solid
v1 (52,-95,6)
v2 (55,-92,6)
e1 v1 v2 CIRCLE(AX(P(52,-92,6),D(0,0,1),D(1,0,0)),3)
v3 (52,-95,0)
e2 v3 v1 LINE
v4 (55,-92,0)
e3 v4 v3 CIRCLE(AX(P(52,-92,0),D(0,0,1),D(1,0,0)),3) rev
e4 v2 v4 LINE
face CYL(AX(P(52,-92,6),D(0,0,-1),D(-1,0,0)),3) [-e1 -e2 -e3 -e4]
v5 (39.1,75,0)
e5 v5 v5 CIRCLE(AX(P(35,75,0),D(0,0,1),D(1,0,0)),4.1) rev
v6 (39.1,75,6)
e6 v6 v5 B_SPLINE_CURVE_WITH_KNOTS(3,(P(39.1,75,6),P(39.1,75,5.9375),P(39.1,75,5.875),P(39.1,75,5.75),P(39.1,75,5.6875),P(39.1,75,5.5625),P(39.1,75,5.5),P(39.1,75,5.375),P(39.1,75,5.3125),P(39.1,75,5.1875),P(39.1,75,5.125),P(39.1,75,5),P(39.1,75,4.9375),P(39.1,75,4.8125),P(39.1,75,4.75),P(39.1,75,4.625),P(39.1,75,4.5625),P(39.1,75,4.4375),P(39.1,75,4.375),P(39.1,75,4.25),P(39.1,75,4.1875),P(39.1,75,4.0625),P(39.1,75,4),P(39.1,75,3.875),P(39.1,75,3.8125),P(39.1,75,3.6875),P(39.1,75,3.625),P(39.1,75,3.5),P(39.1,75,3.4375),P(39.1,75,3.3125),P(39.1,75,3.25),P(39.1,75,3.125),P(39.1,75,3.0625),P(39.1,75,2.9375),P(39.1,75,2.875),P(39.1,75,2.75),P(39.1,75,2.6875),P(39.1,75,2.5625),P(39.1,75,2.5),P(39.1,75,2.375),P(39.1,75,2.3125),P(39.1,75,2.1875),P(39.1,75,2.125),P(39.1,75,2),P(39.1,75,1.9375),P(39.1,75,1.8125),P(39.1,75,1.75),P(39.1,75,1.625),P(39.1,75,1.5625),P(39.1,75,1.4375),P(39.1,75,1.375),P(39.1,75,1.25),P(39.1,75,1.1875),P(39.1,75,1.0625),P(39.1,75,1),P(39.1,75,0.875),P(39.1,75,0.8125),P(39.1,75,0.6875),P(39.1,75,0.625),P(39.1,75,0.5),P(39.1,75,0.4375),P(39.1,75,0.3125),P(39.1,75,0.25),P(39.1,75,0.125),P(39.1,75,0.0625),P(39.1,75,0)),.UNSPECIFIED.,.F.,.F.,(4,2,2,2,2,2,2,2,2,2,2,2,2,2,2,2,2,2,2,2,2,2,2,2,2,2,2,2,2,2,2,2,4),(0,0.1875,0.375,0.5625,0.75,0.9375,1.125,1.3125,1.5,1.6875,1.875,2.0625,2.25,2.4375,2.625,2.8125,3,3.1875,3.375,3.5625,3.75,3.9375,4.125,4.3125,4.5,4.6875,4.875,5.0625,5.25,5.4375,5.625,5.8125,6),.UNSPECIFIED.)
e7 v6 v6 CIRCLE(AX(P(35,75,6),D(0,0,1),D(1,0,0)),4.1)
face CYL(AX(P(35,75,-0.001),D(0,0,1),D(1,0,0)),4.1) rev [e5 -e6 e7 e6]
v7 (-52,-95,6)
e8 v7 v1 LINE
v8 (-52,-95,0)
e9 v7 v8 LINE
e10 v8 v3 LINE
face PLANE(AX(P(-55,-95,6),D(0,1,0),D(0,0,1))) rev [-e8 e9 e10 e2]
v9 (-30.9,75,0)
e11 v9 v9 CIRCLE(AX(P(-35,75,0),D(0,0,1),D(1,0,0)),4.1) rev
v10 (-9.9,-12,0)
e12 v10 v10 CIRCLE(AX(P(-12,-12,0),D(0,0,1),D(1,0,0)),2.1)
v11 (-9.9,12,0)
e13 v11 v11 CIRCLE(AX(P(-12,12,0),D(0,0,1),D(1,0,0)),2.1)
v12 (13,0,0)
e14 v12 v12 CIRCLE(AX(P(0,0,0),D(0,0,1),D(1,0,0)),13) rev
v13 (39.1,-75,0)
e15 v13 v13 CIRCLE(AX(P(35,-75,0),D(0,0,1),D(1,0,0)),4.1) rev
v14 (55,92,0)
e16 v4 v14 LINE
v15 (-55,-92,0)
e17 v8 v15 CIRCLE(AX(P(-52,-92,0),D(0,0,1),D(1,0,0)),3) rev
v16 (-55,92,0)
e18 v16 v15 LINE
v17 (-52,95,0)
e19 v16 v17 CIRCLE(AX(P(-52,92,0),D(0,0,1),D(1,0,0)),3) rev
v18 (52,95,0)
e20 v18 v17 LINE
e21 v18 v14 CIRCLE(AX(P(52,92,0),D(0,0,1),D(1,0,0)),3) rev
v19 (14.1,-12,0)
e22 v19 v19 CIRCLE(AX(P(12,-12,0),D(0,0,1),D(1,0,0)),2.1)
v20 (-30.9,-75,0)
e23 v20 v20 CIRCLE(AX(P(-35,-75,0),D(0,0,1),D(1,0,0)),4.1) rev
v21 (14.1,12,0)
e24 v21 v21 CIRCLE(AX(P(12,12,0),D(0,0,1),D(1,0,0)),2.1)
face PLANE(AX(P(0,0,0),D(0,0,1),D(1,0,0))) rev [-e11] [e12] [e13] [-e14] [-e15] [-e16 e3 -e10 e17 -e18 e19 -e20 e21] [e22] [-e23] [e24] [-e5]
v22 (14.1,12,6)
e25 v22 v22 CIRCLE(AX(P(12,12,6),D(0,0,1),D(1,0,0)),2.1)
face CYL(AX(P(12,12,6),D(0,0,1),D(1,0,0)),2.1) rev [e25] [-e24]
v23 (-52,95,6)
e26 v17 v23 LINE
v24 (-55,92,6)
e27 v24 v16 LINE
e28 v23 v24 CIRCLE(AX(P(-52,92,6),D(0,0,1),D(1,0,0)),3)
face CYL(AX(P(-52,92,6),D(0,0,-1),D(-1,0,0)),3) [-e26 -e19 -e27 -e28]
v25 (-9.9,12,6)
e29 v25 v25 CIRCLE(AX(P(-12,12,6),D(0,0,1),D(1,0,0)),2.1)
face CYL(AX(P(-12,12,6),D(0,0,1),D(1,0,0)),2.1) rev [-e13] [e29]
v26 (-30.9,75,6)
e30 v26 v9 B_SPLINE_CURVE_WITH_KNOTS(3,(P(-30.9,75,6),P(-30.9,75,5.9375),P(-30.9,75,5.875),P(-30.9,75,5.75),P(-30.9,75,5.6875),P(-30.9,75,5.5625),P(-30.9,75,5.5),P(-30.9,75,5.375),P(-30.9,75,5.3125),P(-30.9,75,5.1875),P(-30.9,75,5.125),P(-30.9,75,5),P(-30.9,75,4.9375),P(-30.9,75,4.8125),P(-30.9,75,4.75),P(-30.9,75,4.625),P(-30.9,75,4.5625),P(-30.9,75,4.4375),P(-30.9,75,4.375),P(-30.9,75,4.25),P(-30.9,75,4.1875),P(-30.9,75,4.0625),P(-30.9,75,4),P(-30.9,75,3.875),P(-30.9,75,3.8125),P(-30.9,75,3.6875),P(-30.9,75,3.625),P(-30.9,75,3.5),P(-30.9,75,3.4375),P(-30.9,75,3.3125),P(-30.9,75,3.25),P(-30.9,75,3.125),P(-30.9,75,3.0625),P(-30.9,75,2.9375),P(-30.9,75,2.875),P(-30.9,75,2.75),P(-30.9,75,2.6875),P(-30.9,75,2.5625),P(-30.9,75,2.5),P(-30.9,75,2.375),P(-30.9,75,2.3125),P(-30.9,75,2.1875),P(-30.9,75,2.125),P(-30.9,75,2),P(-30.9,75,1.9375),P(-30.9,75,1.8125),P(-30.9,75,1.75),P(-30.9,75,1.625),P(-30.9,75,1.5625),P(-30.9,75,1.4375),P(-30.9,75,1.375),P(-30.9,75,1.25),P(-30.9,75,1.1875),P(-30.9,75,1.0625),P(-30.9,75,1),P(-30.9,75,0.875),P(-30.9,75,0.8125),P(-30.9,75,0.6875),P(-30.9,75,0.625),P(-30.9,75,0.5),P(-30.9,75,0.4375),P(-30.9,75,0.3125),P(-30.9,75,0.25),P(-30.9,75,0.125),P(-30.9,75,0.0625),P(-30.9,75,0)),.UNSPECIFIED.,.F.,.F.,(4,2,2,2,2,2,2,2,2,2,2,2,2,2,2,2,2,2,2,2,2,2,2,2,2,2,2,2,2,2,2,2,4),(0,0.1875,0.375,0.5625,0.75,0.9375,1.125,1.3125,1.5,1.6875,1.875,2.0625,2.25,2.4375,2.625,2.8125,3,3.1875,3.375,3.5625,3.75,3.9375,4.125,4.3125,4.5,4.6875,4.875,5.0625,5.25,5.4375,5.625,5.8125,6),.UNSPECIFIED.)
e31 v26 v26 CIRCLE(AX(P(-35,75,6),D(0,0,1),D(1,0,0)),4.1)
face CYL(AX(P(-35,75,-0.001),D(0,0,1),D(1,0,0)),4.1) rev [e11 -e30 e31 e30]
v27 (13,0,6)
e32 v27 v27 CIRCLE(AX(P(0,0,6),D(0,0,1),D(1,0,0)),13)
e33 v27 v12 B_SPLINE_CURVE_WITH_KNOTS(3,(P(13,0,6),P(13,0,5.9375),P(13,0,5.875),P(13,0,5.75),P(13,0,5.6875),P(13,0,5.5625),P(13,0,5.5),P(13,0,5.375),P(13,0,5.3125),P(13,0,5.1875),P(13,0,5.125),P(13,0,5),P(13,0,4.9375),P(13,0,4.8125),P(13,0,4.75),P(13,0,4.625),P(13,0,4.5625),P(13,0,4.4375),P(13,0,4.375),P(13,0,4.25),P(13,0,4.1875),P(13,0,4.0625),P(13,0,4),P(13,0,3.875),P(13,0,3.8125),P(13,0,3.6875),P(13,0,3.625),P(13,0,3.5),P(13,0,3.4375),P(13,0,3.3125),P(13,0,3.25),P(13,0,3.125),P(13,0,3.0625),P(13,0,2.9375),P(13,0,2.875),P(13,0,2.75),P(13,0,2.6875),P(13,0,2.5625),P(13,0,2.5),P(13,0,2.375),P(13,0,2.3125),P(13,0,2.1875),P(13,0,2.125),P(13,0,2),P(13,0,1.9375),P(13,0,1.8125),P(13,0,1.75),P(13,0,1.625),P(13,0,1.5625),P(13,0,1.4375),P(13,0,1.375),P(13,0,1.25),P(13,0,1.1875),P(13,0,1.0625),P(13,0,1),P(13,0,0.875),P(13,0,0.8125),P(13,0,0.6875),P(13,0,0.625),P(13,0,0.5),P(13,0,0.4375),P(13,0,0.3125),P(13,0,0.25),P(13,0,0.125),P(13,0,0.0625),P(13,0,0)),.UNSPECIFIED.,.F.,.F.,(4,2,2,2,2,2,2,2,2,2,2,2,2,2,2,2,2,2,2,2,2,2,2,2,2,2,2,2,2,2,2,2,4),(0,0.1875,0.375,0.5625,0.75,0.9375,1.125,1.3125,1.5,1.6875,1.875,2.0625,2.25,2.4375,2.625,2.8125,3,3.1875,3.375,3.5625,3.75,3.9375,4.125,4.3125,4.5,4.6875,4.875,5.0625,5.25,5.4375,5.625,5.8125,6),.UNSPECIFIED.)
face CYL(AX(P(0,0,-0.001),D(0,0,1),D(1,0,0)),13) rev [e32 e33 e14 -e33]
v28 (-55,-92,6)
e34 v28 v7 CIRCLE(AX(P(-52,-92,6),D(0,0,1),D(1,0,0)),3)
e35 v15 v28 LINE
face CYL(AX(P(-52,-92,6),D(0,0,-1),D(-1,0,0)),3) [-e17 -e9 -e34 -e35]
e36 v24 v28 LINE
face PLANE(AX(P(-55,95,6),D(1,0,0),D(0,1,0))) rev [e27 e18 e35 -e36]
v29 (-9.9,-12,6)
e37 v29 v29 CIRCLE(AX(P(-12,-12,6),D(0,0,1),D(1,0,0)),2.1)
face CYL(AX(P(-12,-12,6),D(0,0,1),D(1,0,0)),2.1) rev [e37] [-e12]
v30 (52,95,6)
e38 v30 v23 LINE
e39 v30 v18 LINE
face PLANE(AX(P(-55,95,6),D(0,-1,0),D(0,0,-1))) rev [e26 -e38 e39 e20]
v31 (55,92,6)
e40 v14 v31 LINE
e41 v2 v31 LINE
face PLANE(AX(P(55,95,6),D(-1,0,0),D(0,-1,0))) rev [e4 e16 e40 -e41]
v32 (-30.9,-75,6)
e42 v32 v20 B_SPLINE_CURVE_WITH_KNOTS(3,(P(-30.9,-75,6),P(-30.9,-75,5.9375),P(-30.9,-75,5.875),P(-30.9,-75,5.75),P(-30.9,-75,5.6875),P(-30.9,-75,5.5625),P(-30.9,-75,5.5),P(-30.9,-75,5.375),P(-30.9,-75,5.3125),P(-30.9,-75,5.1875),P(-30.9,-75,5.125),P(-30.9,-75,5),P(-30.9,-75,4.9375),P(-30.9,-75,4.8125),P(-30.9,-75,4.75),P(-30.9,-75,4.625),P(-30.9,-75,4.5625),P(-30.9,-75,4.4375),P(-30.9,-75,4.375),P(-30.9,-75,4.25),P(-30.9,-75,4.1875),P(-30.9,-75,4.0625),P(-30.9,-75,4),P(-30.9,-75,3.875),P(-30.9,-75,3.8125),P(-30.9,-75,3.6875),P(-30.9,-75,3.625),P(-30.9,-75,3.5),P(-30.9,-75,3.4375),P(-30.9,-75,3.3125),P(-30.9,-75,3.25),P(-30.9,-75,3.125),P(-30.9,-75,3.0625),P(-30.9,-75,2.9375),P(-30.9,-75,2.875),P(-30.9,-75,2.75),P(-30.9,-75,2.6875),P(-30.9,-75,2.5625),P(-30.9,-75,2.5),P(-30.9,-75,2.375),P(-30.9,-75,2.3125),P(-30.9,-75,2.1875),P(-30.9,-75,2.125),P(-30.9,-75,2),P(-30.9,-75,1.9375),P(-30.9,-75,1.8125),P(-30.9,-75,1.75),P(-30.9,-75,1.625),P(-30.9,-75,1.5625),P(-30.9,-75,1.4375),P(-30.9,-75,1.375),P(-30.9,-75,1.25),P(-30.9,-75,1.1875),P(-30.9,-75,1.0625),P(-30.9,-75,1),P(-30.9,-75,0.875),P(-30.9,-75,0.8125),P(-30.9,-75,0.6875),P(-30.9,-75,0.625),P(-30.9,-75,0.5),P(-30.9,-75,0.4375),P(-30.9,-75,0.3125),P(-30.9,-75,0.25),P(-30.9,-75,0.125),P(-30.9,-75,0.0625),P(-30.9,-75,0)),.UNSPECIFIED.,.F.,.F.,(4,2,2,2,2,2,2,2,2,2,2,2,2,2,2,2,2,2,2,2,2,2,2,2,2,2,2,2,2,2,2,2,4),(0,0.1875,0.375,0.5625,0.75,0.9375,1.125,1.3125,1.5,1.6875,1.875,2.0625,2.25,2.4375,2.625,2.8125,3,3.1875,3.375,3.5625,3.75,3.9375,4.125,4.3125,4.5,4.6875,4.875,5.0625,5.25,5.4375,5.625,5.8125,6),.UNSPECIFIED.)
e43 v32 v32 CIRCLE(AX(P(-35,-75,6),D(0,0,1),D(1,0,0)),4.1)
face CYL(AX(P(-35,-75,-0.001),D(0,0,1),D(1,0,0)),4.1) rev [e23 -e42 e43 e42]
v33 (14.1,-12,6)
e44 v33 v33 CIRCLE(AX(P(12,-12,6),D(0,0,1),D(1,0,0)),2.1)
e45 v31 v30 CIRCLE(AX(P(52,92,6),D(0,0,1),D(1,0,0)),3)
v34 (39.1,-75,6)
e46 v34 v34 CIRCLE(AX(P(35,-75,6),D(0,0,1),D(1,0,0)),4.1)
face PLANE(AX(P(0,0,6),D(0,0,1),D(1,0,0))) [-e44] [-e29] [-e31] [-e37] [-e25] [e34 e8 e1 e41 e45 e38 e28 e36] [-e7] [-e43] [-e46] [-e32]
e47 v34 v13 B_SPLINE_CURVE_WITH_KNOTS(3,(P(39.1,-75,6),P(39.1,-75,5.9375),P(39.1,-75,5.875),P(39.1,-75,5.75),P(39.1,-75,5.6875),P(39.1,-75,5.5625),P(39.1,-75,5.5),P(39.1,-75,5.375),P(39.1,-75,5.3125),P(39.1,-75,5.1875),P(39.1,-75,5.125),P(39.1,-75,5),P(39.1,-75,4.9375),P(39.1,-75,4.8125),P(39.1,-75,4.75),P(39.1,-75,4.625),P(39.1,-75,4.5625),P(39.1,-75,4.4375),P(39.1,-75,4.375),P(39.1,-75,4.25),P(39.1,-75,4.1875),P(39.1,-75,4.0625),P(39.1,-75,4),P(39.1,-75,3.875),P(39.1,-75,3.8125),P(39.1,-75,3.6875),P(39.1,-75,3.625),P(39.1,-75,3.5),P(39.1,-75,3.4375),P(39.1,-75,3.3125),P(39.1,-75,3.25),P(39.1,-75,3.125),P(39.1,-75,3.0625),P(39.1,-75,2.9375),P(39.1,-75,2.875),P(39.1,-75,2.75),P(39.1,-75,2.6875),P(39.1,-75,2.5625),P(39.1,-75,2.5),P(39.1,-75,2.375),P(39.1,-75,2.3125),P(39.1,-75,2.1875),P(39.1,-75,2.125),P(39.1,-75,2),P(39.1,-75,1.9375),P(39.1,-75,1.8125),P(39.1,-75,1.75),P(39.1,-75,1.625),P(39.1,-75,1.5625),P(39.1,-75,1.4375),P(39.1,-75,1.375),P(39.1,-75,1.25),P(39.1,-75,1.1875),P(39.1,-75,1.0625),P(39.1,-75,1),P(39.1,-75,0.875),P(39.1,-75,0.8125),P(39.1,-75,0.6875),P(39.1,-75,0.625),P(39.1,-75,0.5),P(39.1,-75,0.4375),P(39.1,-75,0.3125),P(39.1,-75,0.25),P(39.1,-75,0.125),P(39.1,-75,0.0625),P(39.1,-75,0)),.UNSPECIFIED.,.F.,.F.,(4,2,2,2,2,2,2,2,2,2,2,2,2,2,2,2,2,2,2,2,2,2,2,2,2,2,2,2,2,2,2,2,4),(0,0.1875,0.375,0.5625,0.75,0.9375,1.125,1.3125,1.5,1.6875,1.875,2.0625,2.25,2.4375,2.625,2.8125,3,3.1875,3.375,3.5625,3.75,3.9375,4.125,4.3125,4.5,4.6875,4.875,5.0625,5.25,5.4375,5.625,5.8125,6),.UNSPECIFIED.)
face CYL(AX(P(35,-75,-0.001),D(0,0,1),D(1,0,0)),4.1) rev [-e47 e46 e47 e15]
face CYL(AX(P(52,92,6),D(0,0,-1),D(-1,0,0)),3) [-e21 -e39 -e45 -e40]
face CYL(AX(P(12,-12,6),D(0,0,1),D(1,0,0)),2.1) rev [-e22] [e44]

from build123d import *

# Parameters (mm, degrees)
SKETCH1_W                = 110
SKETCH1_H                = 190
BOSS_EXTRUDE1_DEPTH      = 6
CUT_EXTRUDE1_REACH       = 111.936
SKETCH2_R                = 13
CUT_EXTRUDE2_REACH       = 111.936
SKETCH3_R                = 4.1
FILLET1_R                = 3
M4_CLEARANCE_HOLE1_D     = 4.2
M4_CLEARANCE_HOLE1_DEPTH = 19.75
M4_CLEARANCE_HOLE1_TIP   = 1.2618073


with BuildPart() as part:
    # Sketch1 → Boss-Extrude1 (new body)
    with BuildSketch(Plane.XY):
        Rectangle(SKETCH1_W, SKETCH1_H)
    extrude(amount=BOSS_EXTRUDE1_DEPTH)

    # Sketch2 → Cut-Extrude1 (cut, up to next)
    with BuildSketch(Plane.XY.offset(6), mode=Mode.PRIVATE) as cut_extrude1_sk1:
        Circle(SKETCH2_R)
    cut_extrude1_tool1 = extrude(cut_extrude1_sk1.sketch, amount=-CUT_EXTRUDE1_REACH, mode=Mode.PRIVATE) & part.part
    add(cut_extrude1_tool1.solids().sort_by_distance((0, 0, 6))[0], mode=Mode.SUBTRACT)

    # Sketch3 → Cut-Extrude2 (cut, up to next)
    with BuildSketch(Plane.XY.offset(6), mode=Mode.PRIVATE) as cut_extrude2_sk1:
        with Locations((-35, 75)):
            Circle(SKETCH3_R)
    cut_extrude2_tool1 = extrude(cut_extrude2_sk1.sketch, amount=-CUT_EXTRUDE2_REACH, mode=Mode.PRIVATE) & part.part
    # Sketch3 → Cut-Extrude2 (cut, up to next)
    with BuildSketch(Plane.XY.offset(6), mode=Mode.PRIVATE) as cut_extrude2_sk2:
        with Locations((35, 75)):
            Circle(SKETCH3_R)
    cut_extrude2_tool2 = extrude(cut_extrude2_sk2.sketch, amount=-CUT_EXTRUDE2_REACH, mode=Mode.PRIVATE) & part.part
    # Sketch3 → Cut-Extrude2 (cut, up to next)
    with BuildSketch(Plane.XY.offset(6), mode=Mode.PRIVATE) as cut_extrude2_sk3:
        with Locations((35, -75)):
            Circle(SKETCH3_R)
    cut_extrude2_tool3 = extrude(cut_extrude2_sk3.sketch, amount=-CUT_EXTRUDE2_REACH, mode=Mode.PRIVATE) & part.part
    # Sketch3 → Cut-Extrude2 (cut, up to next)
    with BuildSketch(Plane.XY.offset(6), mode=Mode.PRIVATE) as cut_extrude2_sk4:
        with Locations((-35, -75)):
            Circle(SKETCH3_R)
    cut_extrude2_tool4 = extrude(cut_extrude2_sk4.sketch, amount=-CUT_EXTRUDE2_REACH, mode=Mode.PRIVATE) & part.part
    add(cut_extrude2_tool1.solids().sort_by_distance((-35, 75, 6))[0], mode=Mode.SUBTRACT)
    add(cut_extrude2_tool2.solids().sort_by_distance((35, 75, 6))[0], mode=Mode.SUBTRACT)
    add(cut_extrude2_tool3.solids().sort_by_distance((35, -75, 6))[0], mode=Mode.SUBTRACT)
    add(cut_extrude2_tool4.solids().sort_by_distance((-35, -75, 6))[0], mode=Mode.SUBTRACT)

    # Fillet1
    fillet1_edges = [part.edges().sort_by_distance(p)[0] for p in [
        (55, -95, 3),
        (-55, -95, 3),
        (-55, 95, 3),
        (55, 95, 3),
    ]]
    fillet(fillet1_edges, radius=FILLET1_R)

    # M4 Clearance Hole1
    with Locations(Plane(origin=(-12, 12, 6), x_dir=(1, 0, 0), z_dir=(0, 0, 1))):
        with Locations((0, 0), (24, 0), (24, -24), (0, -24)):
            Hole(M4_CLEARANCE_HOLE1_D / 2, depth=M4_CLEARANCE_HOLE1_DEPTH)
            with Locations((0, 0, -(M4_CLEARANCE_HOLE1_DEPTH + M4_CLEARANCE_HOLE1_TIP / 2))):  # 118° drill point
                Cone(0, M4_CLEARANCE_HOLE1_D / 2, M4_CLEARANCE_HOLE1_TIP, mode=Mode.SUBTRACT)


solid = part.part
